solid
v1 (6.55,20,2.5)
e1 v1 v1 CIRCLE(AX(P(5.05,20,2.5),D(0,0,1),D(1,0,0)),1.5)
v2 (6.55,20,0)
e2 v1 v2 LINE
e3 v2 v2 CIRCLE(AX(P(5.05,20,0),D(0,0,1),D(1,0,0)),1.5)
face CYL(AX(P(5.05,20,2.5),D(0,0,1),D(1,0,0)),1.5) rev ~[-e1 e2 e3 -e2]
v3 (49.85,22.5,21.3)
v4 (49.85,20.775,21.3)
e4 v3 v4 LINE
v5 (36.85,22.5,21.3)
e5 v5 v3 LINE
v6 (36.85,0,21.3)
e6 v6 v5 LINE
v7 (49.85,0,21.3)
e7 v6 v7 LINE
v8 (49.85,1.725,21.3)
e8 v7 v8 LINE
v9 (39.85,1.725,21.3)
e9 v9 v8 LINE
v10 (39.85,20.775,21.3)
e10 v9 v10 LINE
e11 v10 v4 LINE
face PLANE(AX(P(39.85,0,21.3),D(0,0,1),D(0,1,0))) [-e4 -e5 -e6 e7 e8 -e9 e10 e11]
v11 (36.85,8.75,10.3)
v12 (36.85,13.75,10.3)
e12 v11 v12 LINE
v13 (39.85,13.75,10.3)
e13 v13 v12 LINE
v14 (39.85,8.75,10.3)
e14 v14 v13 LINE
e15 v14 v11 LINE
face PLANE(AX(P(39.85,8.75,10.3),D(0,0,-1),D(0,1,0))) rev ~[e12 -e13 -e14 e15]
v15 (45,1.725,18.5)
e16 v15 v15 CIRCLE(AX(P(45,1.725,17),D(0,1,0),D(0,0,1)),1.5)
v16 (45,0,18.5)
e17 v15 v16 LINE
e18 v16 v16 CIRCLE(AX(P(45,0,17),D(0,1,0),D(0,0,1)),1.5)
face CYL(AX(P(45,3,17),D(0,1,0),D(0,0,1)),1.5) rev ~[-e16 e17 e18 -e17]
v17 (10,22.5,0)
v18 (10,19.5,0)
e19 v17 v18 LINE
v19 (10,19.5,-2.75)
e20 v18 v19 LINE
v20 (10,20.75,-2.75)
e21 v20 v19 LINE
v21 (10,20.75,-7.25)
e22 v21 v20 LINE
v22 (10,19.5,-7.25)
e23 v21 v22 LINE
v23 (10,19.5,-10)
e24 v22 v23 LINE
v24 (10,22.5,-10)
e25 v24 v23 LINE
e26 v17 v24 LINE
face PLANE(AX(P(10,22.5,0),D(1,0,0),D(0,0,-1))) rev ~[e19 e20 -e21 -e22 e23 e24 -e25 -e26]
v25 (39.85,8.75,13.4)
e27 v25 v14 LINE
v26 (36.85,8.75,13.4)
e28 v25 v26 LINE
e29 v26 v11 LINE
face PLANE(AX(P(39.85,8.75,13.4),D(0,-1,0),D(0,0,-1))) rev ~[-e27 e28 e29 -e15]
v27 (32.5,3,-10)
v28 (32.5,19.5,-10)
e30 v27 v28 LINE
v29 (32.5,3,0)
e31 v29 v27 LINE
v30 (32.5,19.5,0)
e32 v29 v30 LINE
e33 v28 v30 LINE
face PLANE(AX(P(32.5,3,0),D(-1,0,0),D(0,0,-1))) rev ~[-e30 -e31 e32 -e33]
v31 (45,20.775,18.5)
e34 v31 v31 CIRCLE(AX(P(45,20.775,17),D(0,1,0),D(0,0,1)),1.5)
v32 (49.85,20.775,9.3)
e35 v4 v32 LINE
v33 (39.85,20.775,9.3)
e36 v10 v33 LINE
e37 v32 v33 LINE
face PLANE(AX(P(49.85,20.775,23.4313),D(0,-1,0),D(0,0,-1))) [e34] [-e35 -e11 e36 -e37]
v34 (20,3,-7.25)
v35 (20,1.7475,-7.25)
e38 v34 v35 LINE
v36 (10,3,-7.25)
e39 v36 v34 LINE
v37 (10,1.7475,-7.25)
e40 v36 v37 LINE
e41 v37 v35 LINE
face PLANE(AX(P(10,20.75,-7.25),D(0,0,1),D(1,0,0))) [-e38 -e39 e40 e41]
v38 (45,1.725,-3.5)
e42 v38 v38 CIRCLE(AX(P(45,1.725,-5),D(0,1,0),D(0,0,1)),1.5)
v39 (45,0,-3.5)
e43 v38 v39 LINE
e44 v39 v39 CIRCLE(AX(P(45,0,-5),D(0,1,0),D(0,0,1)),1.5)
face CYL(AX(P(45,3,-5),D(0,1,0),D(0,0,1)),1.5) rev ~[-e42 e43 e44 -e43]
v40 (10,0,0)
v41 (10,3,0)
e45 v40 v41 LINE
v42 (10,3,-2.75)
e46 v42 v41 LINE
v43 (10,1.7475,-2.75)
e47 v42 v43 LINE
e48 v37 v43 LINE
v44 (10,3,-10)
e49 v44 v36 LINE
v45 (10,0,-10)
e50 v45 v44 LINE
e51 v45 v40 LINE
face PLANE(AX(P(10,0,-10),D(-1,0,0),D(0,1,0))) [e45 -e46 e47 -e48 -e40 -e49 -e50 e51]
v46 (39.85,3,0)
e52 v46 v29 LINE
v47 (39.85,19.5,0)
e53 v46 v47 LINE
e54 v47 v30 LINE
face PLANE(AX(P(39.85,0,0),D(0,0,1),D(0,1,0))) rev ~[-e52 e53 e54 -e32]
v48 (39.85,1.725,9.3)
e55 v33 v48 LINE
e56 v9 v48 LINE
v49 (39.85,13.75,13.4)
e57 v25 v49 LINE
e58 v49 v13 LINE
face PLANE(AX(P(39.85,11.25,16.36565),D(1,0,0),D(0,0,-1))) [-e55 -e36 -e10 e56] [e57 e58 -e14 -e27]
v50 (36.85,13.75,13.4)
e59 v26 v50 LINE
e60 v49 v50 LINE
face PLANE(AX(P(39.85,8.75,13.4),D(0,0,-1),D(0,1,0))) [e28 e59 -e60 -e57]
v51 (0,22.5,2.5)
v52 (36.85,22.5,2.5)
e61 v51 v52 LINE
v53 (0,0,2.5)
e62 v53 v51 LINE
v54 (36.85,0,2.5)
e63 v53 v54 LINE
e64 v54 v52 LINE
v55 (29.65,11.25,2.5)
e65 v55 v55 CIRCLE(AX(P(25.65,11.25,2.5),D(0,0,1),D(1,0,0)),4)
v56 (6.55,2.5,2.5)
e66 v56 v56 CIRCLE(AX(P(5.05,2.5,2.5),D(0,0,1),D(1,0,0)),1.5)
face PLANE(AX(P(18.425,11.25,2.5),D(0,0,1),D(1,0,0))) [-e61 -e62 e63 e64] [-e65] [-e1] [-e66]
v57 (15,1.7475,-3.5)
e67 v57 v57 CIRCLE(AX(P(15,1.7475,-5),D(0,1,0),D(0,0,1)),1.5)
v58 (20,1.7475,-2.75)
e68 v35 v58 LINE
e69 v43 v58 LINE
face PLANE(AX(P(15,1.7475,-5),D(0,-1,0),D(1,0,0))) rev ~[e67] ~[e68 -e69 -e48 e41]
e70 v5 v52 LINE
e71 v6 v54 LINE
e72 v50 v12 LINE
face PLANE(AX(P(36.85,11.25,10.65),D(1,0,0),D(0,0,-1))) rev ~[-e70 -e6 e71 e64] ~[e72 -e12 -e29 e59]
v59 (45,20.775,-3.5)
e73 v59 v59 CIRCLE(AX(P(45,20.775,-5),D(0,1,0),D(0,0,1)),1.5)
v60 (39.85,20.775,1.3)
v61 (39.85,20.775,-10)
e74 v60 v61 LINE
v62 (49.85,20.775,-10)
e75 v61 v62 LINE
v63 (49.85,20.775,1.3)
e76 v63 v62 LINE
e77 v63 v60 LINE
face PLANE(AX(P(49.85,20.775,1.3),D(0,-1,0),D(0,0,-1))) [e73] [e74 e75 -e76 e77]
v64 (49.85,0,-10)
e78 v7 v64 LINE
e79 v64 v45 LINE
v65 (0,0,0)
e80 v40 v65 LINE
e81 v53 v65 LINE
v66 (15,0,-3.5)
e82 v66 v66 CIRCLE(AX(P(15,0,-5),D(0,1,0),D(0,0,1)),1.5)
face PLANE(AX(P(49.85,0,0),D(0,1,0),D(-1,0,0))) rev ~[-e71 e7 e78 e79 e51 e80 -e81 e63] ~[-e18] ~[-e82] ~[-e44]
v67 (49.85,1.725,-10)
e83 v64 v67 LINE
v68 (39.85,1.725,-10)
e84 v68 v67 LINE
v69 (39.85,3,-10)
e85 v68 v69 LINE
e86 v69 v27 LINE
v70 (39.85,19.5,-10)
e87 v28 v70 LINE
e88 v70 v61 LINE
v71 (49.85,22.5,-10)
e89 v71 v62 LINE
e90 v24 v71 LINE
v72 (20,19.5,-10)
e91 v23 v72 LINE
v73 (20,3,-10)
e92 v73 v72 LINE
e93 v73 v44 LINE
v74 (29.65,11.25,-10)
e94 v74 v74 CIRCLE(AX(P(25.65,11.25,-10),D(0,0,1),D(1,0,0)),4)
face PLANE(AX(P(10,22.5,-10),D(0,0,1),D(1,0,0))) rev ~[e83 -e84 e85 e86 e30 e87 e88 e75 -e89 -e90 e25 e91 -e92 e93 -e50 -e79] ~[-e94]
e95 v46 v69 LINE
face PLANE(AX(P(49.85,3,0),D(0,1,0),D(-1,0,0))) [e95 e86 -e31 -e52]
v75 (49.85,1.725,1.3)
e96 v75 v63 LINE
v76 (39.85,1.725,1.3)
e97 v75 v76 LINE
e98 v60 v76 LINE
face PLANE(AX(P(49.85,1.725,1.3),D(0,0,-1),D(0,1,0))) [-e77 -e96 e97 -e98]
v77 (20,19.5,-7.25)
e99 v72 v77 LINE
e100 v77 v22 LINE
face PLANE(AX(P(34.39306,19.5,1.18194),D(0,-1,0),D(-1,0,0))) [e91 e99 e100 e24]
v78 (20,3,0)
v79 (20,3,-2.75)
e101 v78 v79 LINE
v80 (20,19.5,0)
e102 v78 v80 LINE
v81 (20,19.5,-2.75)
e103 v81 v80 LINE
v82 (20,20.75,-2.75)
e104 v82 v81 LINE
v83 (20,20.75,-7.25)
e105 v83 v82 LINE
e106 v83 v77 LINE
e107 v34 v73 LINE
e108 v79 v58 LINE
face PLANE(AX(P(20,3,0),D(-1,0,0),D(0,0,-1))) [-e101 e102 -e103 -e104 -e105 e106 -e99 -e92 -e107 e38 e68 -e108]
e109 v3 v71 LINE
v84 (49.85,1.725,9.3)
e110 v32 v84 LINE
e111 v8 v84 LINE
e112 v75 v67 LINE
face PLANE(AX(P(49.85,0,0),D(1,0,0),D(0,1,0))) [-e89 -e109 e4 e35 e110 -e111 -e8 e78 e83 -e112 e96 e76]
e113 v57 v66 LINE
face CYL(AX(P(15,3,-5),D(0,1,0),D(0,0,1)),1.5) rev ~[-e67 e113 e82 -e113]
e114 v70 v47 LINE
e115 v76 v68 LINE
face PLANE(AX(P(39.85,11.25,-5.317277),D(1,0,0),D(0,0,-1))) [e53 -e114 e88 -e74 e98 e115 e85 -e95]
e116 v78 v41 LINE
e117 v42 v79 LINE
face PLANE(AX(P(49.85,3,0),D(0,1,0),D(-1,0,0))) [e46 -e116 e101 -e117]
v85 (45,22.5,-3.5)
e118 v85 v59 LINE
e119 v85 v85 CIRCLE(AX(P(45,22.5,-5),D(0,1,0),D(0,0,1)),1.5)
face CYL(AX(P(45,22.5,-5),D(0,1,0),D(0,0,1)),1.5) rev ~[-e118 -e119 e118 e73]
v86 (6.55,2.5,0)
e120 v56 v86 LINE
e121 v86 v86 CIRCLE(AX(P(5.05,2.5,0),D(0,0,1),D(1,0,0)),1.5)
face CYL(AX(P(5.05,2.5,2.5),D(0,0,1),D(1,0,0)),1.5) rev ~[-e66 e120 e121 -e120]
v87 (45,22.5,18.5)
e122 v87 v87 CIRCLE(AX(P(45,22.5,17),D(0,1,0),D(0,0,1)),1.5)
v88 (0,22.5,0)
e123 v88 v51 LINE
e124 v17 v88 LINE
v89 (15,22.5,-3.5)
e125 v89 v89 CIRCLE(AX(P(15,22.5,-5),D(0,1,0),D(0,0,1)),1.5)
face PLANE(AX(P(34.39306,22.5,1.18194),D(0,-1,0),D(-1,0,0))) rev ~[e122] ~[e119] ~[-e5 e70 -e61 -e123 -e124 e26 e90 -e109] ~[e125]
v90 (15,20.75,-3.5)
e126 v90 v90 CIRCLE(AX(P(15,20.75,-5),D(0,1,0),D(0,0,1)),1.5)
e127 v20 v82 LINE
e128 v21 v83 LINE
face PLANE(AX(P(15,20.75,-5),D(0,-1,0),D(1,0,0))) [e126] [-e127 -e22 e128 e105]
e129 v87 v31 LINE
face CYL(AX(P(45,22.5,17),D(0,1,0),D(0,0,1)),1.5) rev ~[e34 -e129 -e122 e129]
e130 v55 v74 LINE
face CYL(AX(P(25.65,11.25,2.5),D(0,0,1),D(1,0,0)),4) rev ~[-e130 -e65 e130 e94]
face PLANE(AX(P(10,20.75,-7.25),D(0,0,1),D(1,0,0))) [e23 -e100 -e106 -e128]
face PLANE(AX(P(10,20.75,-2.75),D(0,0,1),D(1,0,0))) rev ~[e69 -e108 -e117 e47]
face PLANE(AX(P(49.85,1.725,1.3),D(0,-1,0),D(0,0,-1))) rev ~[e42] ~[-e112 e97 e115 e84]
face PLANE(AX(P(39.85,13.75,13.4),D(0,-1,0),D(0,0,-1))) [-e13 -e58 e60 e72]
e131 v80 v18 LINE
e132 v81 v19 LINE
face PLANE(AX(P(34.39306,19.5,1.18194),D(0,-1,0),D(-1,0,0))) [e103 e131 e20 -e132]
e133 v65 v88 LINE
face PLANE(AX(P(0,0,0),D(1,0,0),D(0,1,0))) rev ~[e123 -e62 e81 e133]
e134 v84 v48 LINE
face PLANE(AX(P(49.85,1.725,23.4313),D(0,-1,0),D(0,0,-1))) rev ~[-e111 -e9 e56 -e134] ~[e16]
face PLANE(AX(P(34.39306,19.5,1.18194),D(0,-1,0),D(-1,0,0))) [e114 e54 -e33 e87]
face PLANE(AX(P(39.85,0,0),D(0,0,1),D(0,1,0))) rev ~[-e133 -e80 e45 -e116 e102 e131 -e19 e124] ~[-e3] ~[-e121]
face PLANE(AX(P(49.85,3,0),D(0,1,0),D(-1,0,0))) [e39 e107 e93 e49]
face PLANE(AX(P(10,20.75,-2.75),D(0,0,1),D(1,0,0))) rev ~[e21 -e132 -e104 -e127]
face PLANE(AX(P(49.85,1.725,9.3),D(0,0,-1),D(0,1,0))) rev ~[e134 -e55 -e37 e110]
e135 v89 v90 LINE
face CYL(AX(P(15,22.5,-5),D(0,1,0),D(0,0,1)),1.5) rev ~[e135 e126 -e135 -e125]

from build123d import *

# Parameters (mm, degrees)
SKETCH1_W               = 36.85
SKETCH1_H               = 22.5
BOSS_EXTRUDE1_DEPTH     = 2.5
SKETCH2_W               = 21.3
SKETCH2_H               = 22.5
BOSS_EXTRUDE2_DEPTH     = 3
SKETCH3_W               = 21.3
SKETCH3_H               = 3
BOSS_EXTRUDE3_DEPTH     = 10
SKETCH4_W               = 49.85
SKETCH4_H               = 3
BOSS_EXTRUDE4_DEPTH     = 10
SKETCH8_W               = 3.1
SKETCH8_H               = 5
CUT_EXTRUDE1_DEPTH      = 5
SKETCH9_R               = 4
SKETCH9_R_2             = 1.5
CUT_EXTRUDE2_DEPTH      = 25
SKETCH11_W              = 10
SKETCH11_H              = 3
CUT_EXTRUDE3_DEPTH      = 10
SKETCH12_R              = 1.5
CUT_EXTRUDE4_DEPTH      = 10
SKETCH14_W              = 12.5
SKETCH14_H              = 10
SKETCH14_W_2            = 10
SKETCH14_H_2            = 8
BOSS_EXTRUDE8_DEPTH     = 19.5
SKETCH13_R              = 1.5
BOSS_EXTRUDE7_DEPTH     = 3
SKETCH15_R              = 4
CUT_EXTRUDE5_DEPTH      = 43
CUT_EXTRUDE6_DEPTH      = 17.7525
CUT_EXTRUDE6_DEPTH_BACK = 1.25
SKETCH16_W              = 10
SKETCH16_H              = 4.5
SKETCH17_W              = 14.131300264
SKETCH17_H              = 19.05
SKETCH17_W_2            = 13.234553728
CUT_EXTRUDE7_DEPTH      = 10


with BuildPart() as part:
    # Sketch1 → Boss-Extrude1 (new body)
    with BuildSketch(Plane.XY):
        with Locations((18.425, 11.25)):
            Rectangle(SKETCH1_W, SKETCH1_H)
    extrude(amount=BOSS_EXTRUDE1_DEPTH)

    # Sketch2 → Boss-Extrude2 (add)
    with BuildSketch(Plane(origin=(36.85, 0, 0), x_dir=(0, 0, -1), z_dir=(1, 0, 0))):
        with Locations((-10.65, 11.25)):
            Rectangle(SKETCH2_W, SKETCH2_H)
    extrude(amount=BOSS_EXTRUDE2_DEPTH)

    # Sketch3 → Boss-Extrude3 (add)
    with BuildSketch(Plane(origin=(39.85, 0, 0), x_dir=(0, 0, -1), z_dir=(1, 0, 0))):
        with Locations((-10.65, 1.5)):
            Rectangle(SKETCH3_W, SKETCH3_H)
    extrude(amount=BOSS_EXTRUDE3_DEPTH)

    # Sketch4 → Boss-Extrude4 (add)
    with BuildSketch(Plane(origin=(0, 0, 0), x_dir=(-1, 0, 0), z_dir=(0, 0, -1))):
        with Locations((-24.925, 1.5)):
            Rectangle(SKETCH4_W, SKETCH4_H)
    extrude(amount=BOSS_EXTRUDE4_DEPTH)

    # Sketch8 → Cut-Extrude1 (cut)
    with BuildSketch(Plane(origin=(39.85, 0, 0), x_dir=(0, 0, -1), z_dir=(1, 0, 0))):
        with Locations((-11.85, 11.25)):
            Rectangle(SKETCH8_W, SKETCH8_H)
    extrude(amount=-CUT_EXTRUDE1_DEPTH, mode=Mode.SUBTRACT)

    # Sketch9 → Cut-Extrude2 (cut)
    with BuildSketch(Plane.XY.offset(2.5)):
        with Locations((25.65, 11.25)):
            Circle(SKETCH9_R)
        with Locations((5.05, 20)):
            Circle(SKETCH9_R_2)
        with Locations((5.05, 2.5)):
            Circle(SKETCH9_R_2)
    extrude(amount=-CUT_EXTRUDE2_DEPTH, mode=Mode.SUBTRACT)

    # Sketch11 → Cut-Extrude3 (cut)
    with BuildSketch(Plane(origin=(0, 0, -10), x_dir=(-1, 0, 0), z_dir=(0, 0, -1))):
        with Locations((-5, 1.5)):
            Rectangle(SKETCH11_W, SKETCH11_H)
    extrude(amount=-CUT_EXTRUDE3_DEPTH, mode=Mode.SUBTRACT)

    # Sketch12 → Cut-Extrude4 (cut)
    with BuildSketch(Plane(origin=(0, 3, 0), x_dir=(1, 0, 0), z_dir=(0, 1, 0))):
        with Locations(Location((15, 5, 0), (0, 0, 270))):
            Circle(SKETCH12_R)
        with Locations(Location((45, 5, 0), (0, 0, 270))):
            Circle(SKETCH12_R)
        with Locations(Location((45, -17, 0), (0, 0, 270))):
            Circle(SKETCH12_R)
    extrude(amount=-CUT_EXTRUDE4_DEPTH, mode=Mode.SUBTRACT)

    # Sketch14 → Boss-Extrude8 (add)
    with BuildSketch(Plane(origin=(0, 3, 0), x_dir=(1, 0, 0), z_dir=(0, 1, 0))):
        with Locations((26.25, 5)):
            Rectangle(SKETCH14_W, SKETCH14_H)
        with Locations((44.85, -5.3)):
            Rectangle(SKETCH14_W_2, SKETCH14_H_2)
    extrude(amount=BOSS_EXTRUDE8_DEPTH)

    # Sketch13 → Boss-Extrude7 (add)
    with BuildSketch(Plane(origin=(0, 22.5, 0), x_dir=(1, 0, 0), z_dir=(0, 1, 0))):
        Polygon((10, 10), (49.85, 10), (49.85, 0), (49.85, -21.3), (39.85, -21.3), (39.85, 0), (10, 0), align=None)
        with Locations(Location((15, 5, 0), (0, 0, 270))):
            Circle(SKETCH13_R, mode=Mode.SUBTRACT)
        with Locations(Location((45, 5, 0), (0, 0, 270))):
            Circle(SKETCH13_R, mode=Mode.SUBTRACT)
        with Locations(Location((45, -17, 0), (0, 0, 270))):
            Circle(SKETCH13_R, mode=Mode.SUBTRACT)
    extrude(amount=-BOSS_EXTRUDE7_DEPTH)

    # Sketch15 → Cut-Extrude5 (cut)
    with BuildSketch(Plane.XY.offset(2.5)):
        with Locations((25.65, 11.25)):
            Circle(SKETCH15_R)
    extrude(amount=-CUT_EXTRUDE5_DEPTH, mode=Mode.SUBTRACT)

    # Sketch16 → Cut-Extrude6 (cut, two sides: drawn at the far end of the back side and taken through both)
    with BuildSketch(Plane.XZ.offset(-19.5).offset(-CUT_EXTRUDE6_DEPTH_BACK)):
        with Locations((15, -5)):
            Rectangle(SKETCH16_W, SKETCH16_H)
    extrude(amount=CUT_EXTRUDE6_DEPTH + CUT_EXTRUDE6_DEPTH_BACK, mode=Mode.SUBTRACT)

    # Sketch17 → Cut-Extrude7 (cut)
    with BuildSketch(Plane(origin=(49.85, 0, 0), x_dir=(0, 0, -1), z_dir=(1, 0, 0))):
        with Locations((-16.365650132, 11.25)):
            Rectangle(SKETCH17_W, SKETCH17_H)
        with Locations((5.317276864, 11.25)):
            Rectangle(SKETCH17_W_2, SKETCH17_H)
    extrude(amount=-CUT_EXTRUDE7_DEPTH, mode=Mode.SUBTRACT)


solid = part.part
